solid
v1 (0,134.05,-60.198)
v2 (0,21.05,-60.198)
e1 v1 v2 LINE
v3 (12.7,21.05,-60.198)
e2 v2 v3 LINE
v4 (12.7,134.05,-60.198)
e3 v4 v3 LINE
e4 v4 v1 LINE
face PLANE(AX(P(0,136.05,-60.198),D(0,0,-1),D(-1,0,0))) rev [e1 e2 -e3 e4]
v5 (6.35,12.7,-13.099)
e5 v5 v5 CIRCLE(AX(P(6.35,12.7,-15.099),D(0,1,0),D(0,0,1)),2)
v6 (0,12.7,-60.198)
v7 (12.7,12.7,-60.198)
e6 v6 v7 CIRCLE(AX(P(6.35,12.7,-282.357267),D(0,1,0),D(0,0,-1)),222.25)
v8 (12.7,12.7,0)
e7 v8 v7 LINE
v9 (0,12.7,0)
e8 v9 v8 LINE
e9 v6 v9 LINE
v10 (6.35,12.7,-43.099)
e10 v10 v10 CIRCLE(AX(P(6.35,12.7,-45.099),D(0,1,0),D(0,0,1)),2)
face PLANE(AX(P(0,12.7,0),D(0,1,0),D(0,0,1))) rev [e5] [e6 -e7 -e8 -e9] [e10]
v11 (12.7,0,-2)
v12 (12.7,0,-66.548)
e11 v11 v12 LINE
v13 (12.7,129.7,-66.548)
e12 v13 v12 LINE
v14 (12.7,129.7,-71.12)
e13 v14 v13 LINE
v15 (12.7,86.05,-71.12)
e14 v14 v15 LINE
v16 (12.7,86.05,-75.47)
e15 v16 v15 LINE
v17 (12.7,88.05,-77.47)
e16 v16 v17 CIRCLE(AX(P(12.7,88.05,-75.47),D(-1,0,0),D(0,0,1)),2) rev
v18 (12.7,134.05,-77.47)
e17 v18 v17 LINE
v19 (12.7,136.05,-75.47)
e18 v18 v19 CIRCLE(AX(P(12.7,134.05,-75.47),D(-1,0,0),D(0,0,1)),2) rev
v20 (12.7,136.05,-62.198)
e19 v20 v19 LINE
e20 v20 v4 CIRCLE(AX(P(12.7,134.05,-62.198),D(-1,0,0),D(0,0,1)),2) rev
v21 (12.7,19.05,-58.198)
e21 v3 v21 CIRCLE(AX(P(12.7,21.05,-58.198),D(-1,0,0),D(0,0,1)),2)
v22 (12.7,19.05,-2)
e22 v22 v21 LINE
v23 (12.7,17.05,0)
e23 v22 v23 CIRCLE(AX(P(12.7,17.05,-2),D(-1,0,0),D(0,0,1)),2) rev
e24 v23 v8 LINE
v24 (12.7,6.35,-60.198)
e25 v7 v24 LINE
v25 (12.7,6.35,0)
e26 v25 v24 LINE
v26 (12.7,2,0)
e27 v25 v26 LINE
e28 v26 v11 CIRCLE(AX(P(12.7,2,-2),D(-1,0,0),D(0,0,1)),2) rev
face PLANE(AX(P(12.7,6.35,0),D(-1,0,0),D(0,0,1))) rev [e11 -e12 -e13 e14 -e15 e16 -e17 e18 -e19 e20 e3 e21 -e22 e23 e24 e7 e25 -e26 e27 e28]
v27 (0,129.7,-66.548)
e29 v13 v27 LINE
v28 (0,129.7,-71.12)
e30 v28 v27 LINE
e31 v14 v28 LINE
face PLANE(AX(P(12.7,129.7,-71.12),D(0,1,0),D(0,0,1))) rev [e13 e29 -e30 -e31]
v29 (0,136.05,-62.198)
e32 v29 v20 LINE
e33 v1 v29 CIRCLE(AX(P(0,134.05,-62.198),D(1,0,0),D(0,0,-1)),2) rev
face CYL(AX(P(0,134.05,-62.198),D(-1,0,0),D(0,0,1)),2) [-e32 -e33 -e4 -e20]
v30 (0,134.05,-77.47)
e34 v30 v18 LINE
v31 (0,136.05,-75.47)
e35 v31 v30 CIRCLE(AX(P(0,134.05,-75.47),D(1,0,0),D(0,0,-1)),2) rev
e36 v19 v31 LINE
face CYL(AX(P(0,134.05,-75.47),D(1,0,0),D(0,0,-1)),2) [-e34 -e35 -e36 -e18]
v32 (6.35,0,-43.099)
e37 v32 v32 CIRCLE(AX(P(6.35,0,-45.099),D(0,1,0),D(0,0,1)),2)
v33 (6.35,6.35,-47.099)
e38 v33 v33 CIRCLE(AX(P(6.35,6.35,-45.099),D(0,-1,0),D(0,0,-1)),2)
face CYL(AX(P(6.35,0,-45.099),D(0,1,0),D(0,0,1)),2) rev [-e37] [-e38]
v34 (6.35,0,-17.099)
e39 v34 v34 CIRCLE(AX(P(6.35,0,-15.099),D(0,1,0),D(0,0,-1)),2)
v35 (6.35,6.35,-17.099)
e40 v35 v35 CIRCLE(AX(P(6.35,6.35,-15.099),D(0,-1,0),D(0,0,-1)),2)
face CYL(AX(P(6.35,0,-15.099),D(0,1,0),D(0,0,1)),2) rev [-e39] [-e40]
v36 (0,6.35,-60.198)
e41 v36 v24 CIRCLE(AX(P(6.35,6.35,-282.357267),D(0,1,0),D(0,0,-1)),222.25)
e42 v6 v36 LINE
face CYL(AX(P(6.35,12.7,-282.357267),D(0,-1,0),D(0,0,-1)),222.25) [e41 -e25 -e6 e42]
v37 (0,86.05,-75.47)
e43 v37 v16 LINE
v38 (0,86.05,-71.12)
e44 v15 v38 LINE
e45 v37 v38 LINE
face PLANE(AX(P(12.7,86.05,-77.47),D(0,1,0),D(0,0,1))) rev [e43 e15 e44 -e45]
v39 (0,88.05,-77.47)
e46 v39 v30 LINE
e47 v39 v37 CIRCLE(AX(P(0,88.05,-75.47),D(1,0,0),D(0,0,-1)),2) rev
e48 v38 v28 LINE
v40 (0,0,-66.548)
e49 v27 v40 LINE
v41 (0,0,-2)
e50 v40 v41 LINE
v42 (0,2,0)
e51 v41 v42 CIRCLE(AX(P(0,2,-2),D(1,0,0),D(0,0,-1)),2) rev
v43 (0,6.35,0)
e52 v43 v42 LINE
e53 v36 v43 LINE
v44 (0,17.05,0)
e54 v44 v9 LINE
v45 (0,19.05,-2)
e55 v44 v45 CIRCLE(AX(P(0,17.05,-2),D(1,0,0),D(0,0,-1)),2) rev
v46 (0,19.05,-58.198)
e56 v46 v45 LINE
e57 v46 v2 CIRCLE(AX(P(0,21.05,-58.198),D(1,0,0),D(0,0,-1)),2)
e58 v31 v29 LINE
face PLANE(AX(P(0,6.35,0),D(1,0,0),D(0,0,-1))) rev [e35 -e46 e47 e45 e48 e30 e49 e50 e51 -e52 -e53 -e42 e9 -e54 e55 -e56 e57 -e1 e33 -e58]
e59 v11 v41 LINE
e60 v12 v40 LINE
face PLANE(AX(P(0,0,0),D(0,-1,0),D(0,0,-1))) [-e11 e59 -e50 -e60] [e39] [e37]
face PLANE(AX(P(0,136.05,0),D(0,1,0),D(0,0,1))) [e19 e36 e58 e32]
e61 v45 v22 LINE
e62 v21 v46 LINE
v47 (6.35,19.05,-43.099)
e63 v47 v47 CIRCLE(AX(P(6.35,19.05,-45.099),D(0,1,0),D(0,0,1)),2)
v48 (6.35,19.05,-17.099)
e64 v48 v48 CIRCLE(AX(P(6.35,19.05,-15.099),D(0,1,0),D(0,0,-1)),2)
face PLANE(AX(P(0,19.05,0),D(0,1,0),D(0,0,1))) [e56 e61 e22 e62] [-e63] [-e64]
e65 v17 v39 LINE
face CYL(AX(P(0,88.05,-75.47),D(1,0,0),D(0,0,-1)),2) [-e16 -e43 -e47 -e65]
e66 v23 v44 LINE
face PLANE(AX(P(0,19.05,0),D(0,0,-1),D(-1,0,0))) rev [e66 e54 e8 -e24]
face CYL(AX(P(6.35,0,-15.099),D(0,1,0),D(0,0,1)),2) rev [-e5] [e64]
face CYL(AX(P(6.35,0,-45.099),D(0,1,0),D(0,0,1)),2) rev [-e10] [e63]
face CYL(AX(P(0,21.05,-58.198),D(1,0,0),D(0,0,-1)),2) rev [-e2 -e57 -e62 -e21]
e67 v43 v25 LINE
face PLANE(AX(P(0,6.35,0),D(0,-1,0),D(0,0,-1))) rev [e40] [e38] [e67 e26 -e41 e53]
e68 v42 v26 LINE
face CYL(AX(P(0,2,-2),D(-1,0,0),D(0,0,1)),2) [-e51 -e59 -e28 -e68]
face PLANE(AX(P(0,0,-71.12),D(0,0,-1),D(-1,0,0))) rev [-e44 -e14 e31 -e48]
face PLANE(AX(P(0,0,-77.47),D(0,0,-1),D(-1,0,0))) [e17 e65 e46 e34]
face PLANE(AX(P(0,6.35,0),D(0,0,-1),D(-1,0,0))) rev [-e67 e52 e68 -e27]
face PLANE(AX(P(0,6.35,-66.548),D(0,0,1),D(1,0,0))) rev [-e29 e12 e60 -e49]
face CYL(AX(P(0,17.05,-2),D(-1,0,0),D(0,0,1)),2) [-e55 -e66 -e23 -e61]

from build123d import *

# Parameters (mm, degrees)
SKETCH1_W           = 12.7
SKETCH1_H           = 66.548
BOSS_EXTRUDE1_DEPTH = 6.35
SKETCH2_W           = 12.7
SKETCH2_H           = 6.35
BOSS_EXTRUDE2_DEPTH = 6.35
SKETCH3_W           = 12.7
SKETCH3_H           = 66.548
BOSS_EXTRUDE3_DEPTH = 6.35
SKETCH4_W           = 12.7
SKETCH4_H           = 6.35
BOSS_EXTRUDE4_DEPTH = 117
SKETCH5_W           = 12.7
SKETCH5_H           = 6.35
BOSS_EXTRUDE5_DEPTH = 4.572
SKETCH6_W           = 12.7
SKETCH6_H           = 50
BOSS_EXTRUDE6_DEPTH = 6.35
BOSS_EXTRUDE7_DEPTH = 6.35
SKETCH9_R           = 2
CUT_EXTRUDE1_DEPTH  = 141.896738429
FILLET1_R           = 2
FILLET2_R           = 2


with BuildPart() as part:
    # Sketch1 → Boss-Extrude1 (new body)
    with BuildSketch(Plane(origin=(0, 0, 0), x_dir=(1, 0, 0), z_dir=(0, 1, 0))):
        with Locations((6.35, 33.274)):
            Rectangle(SKETCH1_W, SKETCH1_H)
    extrude(amount=BOSS_EXTRUDE1_DEPTH)

    # Sketch2 → Boss-Extrude2 (add)
    with BuildSketch(Plane(origin=(0, 6.35, 0), x_dir=(1, 0, 0), z_dir=(0, 1, 0))):
        with Locations((6.35, 63.373)):
            Rectangle(SKETCH2_W, SKETCH2_H)
    extrude(amount=BOSS_EXTRUDE2_DEPTH)

    # Sketch3 → Boss-Extrude3 (add)
    with BuildSketch(Plane(origin=(0, 12.7, 0), x_dir=(1, 0, 0), z_dir=(0, 1, 0))):
        with Locations((6.35, 33.274)):
            Rectangle(SKETCH3_W, SKETCH3_H)
    extrude(amount=BOSS_EXTRUDE3_DEPTH)

    # Sketch4 → Boss-Extrude4 (add)
    with BuildSketch(Plane(origin=(0, 19.05, 0), x_dir=(1, 0, 0), z_dir=(0, 1, 0))):
        with Locations((6.35, 63.373)):
            Rectangle(SKETCH4_W, SKETCH4_H)
    extrude(amount=BOSS_EXTRUDE4_DEPTH)

    # Sketch5 → Boss-Extrude5 (add)
    with BuildSketch(Plane(origin=(0, 0, -66.548), x_dir=(-1, 0, 0), z_dir=(0, 0, -1))):
        with Locations((-6.35, 132.875)):
            Rectangle(SKETCH5_W, SKETCH5_H)
    extrude(amount=BOSS_EXTRUDE5_DEPTH)

    # Sketch6 → Boss-Extrude6 (add)
    with BuildSketch(Plane(origin=(0, 0, -71.12), x_dir=(-1, 0, 0), z_dir=(0, 0, -1))):
        with Locations((-6.35, 111.05)):
            Rectangle(SKETCH6_W, SKETCH6_H)
    extrude(amount=BOSS_EXTRUDE6_DEPTH)

    # Sketch7 → Boss-Extrude7 (add)
    with BuildSketch(Plane(origin=(0, 6.35, 0), x_dir=(1, 0, 0), z_dir=(0, 1, 0))):
        with BuildLine():
            Line((12.7, 60.198), (0, 60.198))
            ThreePointArc((0, 60.198), (6.35, 60.107267194), (12.7, 60.198))
        make_face()
    extrude(amount=BOSS_EXTRUDE7_DEPTH)

    # Sketch9 → Cut-Extrude1 (cut, through all)
    with BuildSketch(Plane(origin=(0, 19.05, 0), x_dir=(1, 0, 0), z_dir=(0, 1, 0))):
        with Locations(Location((6.35, 45.099, 0), (0, 0, 270))):
            Circle(SKETCH9_R)
        with Locations(Location((6.35, 15.099, 0), (0, 0, 270))):
            Circle(SKETCH9_R)
    extrude(amount=-CUT_EXTRUDE1_DEPTH, mode=Mode.SUBTRACT)

    # Fillet1
    fillet1_edges = [part.edges().sort_by_distance(p)[0] for p in [
        (6.35, 19.05, 0),
        (6.35, 136.05, -60.198),
        (6.35, 0, 0),
        (6.35, 86.05, -77.47),
        (6.35, 136.05, -77.47),
    ]]
    fillet(fillet1_edges, radius=FILLET1_R)

    # Fillet2
    fillet2_edges = [part.edges().sort_by_distance(p)[0] for p in [
        (6.35, 19.05, -60.198),
    ]]
    fillet(fillet2_edges, radius=FILLET2_R)


solid = part.part
